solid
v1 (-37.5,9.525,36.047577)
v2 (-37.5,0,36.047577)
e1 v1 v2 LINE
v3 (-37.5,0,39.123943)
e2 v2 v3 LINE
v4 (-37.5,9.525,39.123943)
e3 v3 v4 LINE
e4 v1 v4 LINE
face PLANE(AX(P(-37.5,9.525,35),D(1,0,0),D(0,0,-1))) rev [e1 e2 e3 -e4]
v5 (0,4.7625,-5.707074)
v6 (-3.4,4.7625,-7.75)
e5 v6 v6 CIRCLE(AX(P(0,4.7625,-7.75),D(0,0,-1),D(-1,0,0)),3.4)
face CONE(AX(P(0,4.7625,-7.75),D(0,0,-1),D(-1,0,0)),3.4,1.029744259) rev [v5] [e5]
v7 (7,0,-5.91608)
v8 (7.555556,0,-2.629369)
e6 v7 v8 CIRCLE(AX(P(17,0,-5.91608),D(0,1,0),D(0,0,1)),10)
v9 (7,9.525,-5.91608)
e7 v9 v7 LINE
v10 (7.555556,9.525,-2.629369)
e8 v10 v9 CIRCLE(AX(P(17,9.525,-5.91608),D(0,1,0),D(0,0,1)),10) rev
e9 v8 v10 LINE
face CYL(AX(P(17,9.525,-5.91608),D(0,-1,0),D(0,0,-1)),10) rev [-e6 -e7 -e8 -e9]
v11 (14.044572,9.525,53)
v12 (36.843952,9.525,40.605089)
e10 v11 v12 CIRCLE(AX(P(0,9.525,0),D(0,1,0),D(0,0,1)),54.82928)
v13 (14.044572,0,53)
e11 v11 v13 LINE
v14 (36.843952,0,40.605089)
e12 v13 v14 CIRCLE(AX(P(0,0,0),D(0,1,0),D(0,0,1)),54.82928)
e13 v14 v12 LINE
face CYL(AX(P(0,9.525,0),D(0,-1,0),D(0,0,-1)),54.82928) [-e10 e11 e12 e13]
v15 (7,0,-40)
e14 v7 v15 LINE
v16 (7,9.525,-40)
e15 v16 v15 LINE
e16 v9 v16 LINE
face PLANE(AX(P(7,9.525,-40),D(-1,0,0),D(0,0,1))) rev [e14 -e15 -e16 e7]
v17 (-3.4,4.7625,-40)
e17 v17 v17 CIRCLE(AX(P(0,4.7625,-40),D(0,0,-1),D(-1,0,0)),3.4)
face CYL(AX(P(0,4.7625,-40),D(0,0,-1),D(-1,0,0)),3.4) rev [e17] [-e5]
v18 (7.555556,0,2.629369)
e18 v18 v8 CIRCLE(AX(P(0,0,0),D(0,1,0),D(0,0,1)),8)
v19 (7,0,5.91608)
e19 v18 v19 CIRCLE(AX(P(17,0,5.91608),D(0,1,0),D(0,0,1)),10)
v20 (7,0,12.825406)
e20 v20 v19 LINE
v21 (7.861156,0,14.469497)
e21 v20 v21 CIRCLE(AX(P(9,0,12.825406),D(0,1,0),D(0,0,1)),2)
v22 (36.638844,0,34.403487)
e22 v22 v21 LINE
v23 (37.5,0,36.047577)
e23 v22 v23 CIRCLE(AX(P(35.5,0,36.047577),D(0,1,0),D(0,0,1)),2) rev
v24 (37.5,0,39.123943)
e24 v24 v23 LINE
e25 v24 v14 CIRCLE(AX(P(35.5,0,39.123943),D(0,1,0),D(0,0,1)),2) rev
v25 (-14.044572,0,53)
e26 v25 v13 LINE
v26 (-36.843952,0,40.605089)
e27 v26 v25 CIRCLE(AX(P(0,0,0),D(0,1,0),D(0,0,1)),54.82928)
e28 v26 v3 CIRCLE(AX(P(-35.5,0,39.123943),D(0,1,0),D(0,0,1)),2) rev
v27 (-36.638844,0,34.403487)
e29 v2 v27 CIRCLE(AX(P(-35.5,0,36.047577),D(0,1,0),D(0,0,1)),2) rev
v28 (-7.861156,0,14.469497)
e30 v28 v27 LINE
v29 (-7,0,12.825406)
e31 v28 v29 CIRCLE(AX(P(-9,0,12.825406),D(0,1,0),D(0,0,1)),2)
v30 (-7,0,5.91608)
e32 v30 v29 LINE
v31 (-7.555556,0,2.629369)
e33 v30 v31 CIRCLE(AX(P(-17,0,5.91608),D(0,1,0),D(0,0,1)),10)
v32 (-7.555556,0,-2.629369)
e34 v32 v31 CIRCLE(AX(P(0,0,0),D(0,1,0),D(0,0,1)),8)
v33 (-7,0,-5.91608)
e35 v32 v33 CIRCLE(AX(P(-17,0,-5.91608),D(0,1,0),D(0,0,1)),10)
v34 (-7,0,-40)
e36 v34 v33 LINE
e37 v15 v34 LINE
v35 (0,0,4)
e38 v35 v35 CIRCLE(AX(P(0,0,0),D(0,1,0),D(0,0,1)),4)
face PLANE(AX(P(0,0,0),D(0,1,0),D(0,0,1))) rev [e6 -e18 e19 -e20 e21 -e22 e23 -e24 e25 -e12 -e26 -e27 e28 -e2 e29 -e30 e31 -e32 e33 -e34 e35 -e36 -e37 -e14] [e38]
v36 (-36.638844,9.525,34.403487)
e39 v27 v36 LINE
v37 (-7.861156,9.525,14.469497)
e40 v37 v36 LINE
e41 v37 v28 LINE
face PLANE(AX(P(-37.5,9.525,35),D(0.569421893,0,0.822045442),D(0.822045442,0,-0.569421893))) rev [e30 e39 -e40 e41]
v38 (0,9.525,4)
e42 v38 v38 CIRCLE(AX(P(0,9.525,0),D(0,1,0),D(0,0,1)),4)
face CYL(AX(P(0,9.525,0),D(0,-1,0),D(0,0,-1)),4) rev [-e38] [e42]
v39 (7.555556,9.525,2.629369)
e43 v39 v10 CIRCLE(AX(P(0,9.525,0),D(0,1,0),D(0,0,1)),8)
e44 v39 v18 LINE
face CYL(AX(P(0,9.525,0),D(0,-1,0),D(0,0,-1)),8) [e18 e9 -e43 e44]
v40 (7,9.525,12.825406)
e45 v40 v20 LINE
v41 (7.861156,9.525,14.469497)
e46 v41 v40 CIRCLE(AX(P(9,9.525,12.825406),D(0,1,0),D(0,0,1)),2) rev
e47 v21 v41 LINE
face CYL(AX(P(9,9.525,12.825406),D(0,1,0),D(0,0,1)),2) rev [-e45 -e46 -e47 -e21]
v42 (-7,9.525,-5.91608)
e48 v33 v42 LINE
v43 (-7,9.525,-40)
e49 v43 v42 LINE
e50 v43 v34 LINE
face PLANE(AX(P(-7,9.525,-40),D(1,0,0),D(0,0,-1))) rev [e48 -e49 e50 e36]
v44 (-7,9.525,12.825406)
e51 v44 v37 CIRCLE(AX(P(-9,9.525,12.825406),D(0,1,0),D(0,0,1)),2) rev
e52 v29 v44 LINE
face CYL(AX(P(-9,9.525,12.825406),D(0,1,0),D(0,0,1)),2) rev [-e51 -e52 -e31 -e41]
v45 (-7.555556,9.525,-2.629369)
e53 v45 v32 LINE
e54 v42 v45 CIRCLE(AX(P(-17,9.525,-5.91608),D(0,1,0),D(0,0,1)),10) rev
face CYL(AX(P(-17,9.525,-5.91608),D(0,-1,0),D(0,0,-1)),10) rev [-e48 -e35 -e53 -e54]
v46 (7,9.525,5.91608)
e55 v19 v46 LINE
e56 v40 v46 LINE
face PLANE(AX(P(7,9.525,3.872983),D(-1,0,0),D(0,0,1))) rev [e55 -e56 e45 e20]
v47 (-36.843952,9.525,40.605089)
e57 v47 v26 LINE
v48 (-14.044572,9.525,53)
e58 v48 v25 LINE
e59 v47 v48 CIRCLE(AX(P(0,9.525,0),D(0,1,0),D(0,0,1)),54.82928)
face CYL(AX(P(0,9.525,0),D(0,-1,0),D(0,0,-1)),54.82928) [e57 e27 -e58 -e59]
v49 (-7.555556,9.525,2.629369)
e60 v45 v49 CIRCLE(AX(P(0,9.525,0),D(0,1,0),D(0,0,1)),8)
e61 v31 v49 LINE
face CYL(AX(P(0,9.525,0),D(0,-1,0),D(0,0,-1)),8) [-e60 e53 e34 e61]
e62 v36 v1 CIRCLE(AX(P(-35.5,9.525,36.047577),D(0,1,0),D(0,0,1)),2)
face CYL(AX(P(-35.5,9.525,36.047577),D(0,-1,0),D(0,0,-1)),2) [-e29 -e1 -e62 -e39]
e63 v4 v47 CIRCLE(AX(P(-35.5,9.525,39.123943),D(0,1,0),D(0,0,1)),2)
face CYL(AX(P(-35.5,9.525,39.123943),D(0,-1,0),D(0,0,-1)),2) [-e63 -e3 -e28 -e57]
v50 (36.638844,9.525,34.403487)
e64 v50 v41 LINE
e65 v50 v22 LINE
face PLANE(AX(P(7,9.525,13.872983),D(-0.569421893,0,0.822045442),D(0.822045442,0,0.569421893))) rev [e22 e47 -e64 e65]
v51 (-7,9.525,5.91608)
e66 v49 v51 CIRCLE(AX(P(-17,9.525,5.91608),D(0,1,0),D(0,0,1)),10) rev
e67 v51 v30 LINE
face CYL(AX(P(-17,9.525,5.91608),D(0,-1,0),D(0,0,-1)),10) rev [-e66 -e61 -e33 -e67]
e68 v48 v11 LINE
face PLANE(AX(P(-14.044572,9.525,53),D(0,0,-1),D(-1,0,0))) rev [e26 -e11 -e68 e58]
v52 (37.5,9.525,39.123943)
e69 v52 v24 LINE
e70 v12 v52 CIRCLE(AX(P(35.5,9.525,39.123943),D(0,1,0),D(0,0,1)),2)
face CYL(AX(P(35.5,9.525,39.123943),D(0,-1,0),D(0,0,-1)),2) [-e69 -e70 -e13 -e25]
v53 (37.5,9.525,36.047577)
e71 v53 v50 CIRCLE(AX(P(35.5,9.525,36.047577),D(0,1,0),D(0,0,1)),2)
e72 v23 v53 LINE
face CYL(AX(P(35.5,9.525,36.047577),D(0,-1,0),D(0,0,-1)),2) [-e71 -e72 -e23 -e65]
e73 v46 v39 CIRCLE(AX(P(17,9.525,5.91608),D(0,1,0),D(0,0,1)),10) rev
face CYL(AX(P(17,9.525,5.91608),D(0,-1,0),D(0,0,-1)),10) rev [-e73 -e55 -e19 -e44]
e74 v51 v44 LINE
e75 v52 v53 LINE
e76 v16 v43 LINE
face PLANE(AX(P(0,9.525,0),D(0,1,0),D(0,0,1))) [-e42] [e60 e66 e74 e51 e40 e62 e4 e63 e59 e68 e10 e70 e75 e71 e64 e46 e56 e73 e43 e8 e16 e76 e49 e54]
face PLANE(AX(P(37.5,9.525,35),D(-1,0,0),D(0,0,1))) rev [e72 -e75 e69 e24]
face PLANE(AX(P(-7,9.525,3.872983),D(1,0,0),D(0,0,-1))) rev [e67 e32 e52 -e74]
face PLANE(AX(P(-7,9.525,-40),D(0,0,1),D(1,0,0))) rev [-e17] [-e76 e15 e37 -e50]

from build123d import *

# Parameters (mm, degrees)
SKETCH1_R                  = 4
BOSS_EXTRUDE1_DEPTH        = 9.525
FILLET1_R                  = 10
M8X1_25_TAPPED_HOLE1_D     = 6.8
M8X1_25_TAPPED_HOLE1_DEPTH = 32.25
M8X1_25_TAPPED_HOLE1_TIP   = 2.042926105
FILLET2_R                  = 2


with BuildPart() as part:
    # Sketch1 → Boss-Extrude1 (new body)
    with BuildSketch(Plane(origin=(0, 0, 0), x_dir=(1, 0, 0), z_dir=(0, 1, 0))):
        with BuildLine():
            Line((-7, 40), (7, 40))
            Line((7, 40), (7, 3.872983346))
            ThreePointArc((7, 3.872983346), (8, 0), (7, -3.872983346))
            Line((7, -3.872983346), (7, -13.872983346))
            Line((7, -13.872983346), (37.5, -35))
            Line((37.5, -35), (37.5, -40))
            ThreePointArc((37.5, -40), (26.579328871, -47.956118241), (14.044571905, -53))
            Line((14.044571905, -53), (-14.044571905, -53))
            ThreePointArc((-14.044571905, -53), (-26.579328871, -47.956118241), (-37.5, -40))
            Line((-37.5, -40), (-37.5, -35))
            Line((-37.5, -35), (-7, -13.872983346))
            Line((-7, -13.872983346), (-7, -3.872983346))
            ThreePointArc((-7, -3.872983346), (-8, 0), (-7, 3.872983346))
            Line((-7, 3.872983346), (-7, 40))
        make_face()
        Circle(SKETCH1_R, mode=Mode.SUBTRACT)
    extrude(amount=BOSS_EXTRUDE1_DEPTH)

    # Fillet1
    fillet1_edges = [part.edges().sort_by_distance(p)[0] for p in [
        (7, 4.7625, -3.872983346),
        (7, 4.7625, 3.872983346),
        (-7, 4.7625, 3.872983346),
        (-7, 4.7625, -3.872983346),
    ]]
    fillet(fillet1_edges, radius=FILLET1_R)

    # M8x1.25 Tapped Hole1
    with Locations(Plane(origin=(0, 0, -40), x_dir=(-1, 0, 0), z_dir=(0, 0, -1))):
        with Locations((0, 4.7625)):
            Hole(M8X1_25_TAPPED_HOLE1_D / 2, depth=M8X1_25_TAPPED_HOLE1_DEPTH)
            with Locations((0, 0, -(M8X1_25_TAPPED_HOLE1_DEPTH + M8X1_25_TAPPED_HOLE1_TIP / 2))):  # 118° drill point
                Cone(0, M8X1_25_TAPPED_HOLE1_D / 2, M8X1_25_TAPPED_HOLE1_TIP, mode=Mode.SUBTRACT)

    # Fillet2
    fillet2_edges = [part.edges().sort_by_distance(p)[0] for p in [
        (7, 4.7625, 13.872983346),
        (37.5, 4.7625, 35),
        (37.5, 4.7625, 40),
        (-37.5, 4.7625, 40),
        (-37.5, 4.7625, 35),
        (-7, 4.7625, 13.872983346),
    ]]
    fillet(fillet2_edges, radius=FILLET2_R)


solid = part.part
